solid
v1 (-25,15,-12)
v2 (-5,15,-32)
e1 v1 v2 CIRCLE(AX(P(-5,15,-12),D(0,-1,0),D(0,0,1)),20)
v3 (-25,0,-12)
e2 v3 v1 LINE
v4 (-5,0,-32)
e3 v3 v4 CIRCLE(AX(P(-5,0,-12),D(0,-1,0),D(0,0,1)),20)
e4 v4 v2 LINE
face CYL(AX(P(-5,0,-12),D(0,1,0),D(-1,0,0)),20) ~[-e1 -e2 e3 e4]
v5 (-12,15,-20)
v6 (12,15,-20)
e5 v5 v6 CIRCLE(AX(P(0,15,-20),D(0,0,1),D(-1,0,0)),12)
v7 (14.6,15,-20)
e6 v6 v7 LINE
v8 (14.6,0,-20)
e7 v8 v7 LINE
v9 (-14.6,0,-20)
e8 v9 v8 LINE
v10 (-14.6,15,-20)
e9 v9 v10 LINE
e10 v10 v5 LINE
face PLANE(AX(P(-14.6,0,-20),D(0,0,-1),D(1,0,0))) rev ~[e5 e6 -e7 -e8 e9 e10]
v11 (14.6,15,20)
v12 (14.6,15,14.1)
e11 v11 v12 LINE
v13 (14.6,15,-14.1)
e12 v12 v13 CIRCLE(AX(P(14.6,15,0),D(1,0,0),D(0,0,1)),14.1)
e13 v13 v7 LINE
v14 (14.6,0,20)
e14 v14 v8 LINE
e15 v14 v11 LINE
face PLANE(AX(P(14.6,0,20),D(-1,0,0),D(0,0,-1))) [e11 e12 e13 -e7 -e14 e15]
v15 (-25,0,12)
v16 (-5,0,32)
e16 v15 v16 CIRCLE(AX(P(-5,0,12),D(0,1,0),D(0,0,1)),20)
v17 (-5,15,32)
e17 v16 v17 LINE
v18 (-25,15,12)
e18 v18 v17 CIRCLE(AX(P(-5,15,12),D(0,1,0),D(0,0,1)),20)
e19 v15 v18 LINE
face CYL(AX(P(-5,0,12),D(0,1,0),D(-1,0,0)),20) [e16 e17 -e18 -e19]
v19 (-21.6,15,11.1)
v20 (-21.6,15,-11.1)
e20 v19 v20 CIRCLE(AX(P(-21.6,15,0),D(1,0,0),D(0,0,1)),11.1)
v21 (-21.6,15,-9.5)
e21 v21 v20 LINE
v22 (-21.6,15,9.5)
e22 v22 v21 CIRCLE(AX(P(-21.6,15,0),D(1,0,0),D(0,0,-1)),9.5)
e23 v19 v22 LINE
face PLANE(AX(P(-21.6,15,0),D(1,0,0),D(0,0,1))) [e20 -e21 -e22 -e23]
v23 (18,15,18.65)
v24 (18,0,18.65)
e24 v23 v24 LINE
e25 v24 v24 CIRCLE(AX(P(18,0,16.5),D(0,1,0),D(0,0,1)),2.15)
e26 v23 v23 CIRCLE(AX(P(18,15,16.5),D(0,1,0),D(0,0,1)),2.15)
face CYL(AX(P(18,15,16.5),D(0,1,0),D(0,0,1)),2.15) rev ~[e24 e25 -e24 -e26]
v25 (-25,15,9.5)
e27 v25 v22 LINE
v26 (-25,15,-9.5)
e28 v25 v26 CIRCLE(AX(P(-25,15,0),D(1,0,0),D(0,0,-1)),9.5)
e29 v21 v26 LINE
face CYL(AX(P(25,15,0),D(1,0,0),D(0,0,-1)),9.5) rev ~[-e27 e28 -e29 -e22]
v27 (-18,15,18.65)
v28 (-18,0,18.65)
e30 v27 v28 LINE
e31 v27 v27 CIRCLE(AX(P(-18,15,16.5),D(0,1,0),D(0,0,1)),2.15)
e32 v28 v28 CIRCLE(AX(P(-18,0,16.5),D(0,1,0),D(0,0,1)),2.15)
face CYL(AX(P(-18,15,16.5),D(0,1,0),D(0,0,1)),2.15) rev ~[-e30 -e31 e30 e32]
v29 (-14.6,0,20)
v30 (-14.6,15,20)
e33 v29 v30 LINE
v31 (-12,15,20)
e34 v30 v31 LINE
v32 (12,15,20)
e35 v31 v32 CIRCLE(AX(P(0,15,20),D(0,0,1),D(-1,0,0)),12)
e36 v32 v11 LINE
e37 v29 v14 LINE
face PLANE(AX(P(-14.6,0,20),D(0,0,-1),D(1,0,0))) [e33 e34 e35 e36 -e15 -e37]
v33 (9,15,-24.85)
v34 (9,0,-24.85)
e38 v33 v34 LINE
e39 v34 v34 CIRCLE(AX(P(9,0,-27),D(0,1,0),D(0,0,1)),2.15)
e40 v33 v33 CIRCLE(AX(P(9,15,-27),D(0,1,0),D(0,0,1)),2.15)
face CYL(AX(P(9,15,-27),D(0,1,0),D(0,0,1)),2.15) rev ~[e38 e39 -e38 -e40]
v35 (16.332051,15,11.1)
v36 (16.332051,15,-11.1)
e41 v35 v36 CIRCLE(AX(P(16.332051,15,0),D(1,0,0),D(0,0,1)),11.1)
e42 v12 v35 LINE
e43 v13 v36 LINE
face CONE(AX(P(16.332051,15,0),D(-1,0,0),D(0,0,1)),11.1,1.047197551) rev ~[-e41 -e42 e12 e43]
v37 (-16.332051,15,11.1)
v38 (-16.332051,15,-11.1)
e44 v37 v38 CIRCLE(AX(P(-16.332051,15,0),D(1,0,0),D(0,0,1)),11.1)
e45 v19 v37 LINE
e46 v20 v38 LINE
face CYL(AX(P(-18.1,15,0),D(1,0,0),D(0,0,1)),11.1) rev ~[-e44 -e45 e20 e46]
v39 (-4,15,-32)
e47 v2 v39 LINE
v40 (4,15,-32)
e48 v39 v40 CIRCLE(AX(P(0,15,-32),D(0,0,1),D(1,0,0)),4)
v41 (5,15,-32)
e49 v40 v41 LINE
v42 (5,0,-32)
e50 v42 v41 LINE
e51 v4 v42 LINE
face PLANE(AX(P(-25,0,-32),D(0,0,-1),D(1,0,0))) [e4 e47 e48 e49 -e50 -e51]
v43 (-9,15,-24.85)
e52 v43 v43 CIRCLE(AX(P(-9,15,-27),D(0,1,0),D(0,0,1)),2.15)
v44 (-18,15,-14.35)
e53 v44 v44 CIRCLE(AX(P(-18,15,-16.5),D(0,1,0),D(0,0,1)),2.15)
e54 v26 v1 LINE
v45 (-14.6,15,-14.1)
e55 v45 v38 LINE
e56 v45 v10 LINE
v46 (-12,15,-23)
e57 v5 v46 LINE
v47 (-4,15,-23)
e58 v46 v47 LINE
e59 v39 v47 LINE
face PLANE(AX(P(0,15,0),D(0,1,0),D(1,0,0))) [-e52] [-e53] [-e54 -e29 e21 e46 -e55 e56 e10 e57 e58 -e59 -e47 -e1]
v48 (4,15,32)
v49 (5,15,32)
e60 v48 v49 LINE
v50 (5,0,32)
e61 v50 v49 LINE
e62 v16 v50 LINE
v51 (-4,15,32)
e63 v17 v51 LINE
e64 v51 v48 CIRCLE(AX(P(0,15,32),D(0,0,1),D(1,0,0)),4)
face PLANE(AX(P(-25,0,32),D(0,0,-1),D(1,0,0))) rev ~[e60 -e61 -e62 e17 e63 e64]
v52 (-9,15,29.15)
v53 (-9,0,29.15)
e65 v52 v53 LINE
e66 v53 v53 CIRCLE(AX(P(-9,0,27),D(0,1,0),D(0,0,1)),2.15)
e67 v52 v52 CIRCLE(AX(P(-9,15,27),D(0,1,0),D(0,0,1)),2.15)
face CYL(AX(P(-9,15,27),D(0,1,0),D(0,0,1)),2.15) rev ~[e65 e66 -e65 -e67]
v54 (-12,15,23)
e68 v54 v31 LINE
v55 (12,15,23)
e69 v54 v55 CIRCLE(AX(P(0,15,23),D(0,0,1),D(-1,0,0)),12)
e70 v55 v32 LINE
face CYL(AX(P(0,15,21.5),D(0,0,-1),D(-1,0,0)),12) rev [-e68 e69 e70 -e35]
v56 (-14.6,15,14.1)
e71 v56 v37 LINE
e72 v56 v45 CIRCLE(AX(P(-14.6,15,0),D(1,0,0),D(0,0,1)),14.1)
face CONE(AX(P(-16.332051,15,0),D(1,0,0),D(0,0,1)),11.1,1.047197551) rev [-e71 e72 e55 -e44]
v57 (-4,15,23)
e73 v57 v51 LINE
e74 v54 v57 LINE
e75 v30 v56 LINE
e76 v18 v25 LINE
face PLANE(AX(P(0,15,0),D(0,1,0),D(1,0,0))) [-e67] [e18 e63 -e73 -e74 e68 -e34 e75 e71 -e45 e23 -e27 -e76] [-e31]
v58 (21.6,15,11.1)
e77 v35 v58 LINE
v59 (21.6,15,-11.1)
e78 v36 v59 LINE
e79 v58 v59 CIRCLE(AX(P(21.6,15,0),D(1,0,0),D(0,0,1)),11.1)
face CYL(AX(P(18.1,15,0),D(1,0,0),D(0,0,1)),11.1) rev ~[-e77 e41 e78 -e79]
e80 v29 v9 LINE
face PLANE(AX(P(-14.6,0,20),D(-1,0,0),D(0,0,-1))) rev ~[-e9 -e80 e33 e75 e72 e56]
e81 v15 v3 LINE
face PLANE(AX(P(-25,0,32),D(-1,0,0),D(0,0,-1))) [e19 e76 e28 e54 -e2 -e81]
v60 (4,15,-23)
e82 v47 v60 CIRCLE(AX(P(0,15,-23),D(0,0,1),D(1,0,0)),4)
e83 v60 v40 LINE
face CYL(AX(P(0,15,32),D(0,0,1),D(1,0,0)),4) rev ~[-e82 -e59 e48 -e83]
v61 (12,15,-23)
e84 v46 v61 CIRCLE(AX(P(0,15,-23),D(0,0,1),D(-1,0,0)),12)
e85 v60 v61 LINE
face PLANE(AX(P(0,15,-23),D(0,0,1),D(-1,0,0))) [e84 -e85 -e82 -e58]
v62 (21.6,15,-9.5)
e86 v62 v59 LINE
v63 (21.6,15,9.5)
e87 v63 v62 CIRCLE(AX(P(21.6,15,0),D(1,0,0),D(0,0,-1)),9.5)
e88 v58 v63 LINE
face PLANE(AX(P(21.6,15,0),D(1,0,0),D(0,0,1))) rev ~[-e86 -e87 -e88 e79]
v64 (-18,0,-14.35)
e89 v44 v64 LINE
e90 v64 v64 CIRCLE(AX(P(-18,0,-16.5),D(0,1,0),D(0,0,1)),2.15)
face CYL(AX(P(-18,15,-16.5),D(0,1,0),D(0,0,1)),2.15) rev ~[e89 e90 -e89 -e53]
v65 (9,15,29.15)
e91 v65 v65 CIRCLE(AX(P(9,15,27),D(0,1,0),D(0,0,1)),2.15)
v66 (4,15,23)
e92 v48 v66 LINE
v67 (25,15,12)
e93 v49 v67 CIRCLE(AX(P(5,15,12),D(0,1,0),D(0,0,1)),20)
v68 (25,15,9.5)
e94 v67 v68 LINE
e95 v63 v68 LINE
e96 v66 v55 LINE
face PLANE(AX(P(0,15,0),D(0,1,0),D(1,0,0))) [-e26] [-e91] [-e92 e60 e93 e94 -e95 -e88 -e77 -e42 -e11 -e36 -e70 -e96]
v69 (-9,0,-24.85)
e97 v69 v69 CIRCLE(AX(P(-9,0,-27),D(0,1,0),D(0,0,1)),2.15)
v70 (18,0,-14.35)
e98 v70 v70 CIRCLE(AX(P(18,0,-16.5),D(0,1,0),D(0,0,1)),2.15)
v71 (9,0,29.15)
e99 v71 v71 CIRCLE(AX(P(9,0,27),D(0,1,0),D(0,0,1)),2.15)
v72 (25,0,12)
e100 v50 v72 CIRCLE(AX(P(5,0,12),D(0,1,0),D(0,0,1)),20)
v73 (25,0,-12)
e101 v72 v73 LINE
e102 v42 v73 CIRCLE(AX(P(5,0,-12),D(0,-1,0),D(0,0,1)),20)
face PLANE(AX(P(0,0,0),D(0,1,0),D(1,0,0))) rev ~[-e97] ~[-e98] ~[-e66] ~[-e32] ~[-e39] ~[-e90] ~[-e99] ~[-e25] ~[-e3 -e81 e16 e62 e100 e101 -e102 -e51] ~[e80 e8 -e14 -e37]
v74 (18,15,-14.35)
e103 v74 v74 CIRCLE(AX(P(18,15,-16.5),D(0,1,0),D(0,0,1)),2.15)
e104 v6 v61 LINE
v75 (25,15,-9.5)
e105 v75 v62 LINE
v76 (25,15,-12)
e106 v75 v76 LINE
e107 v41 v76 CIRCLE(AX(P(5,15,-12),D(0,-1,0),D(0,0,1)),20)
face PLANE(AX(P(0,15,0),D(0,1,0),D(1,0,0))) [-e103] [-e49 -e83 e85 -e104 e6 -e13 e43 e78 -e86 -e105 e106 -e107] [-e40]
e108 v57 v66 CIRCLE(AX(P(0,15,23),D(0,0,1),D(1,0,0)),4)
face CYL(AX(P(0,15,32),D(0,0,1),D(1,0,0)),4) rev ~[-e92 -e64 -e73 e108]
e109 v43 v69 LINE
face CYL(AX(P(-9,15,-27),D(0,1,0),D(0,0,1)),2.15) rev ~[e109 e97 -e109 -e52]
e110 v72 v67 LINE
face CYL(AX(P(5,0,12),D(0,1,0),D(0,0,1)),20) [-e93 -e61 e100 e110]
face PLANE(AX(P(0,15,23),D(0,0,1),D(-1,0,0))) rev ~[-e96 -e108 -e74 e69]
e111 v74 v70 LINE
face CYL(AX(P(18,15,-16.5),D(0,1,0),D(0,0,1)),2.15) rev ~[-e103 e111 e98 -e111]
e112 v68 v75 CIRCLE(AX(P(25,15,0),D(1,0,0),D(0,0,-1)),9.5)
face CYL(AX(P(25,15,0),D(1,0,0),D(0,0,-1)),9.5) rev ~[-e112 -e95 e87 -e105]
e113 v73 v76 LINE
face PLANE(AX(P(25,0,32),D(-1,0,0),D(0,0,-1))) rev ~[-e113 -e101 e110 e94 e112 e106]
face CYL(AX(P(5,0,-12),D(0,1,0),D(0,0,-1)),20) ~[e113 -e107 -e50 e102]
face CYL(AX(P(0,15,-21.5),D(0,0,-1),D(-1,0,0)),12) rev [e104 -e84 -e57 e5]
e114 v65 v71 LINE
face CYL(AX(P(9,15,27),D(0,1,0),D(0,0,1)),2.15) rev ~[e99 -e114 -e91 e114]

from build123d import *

# Parameters (mm, degrees)
SKETCH1_W             = 50
SKETCH1_H             = 64
SKETCH1_W_2           = 29.2
SKETCH1_H_2           = 40
BOSS_EXTRUDE1_DEPTH   = 15
SKETCH3_W             = 7
SKETCH3_H             = 11.1
SKETCH4_R             = 9.5
CUT_EXTRUDE2_DEPTH    = 51
SKETCH5_R             = 4
CUT_EXTRUDE3_DEPTH    = 65
SKETCH8_R             = 2.15
CUT_EXTRUDE6_DEPTH    = 16
FILLET1_R             = 20
CHAMFER1_SIZE         = 3
CHAMFER1_SIZE2        = 1.732050808
CHAMFER1_PART_2_SIZE  = 3
CHAMFER1_PART_2_SIZE2 = 1.732050808
SKETCH9_W             = 12
SKETCH9_H             = 3


with BuildPart() as part:
    # Sketch1 → Boss-Extrude1 (new body)
    with BuildSketch(Plane(origin=(0, 0, 0), x_dir=(1, 0, 0), z_dir=(0, 1, 0))):
        Rectangle(SKETCH1_W, SKETCH1_H)
        Rectangle(SKETCH1_W_2, SKETCH1_H_2, mode=Mode.SUBTRACT)
    extrude(amount=BOSS_EXTRUDE1_DEPTH)

    # Sketch3 → Cut-Revolve1 (revolve, cut)
    with BuildSketch(Plane(origin=(0, 15, 0), x_dir=(1, 0, 0), z_dir=(0, 1, 0))):
        with Locations((18.1, -5.55)):
            Rectangle(SKETCH3_W, SKETCH3_H)
        with Locations((-18.1, -5.55)):
            Rectangle(SKETCH3_W, SKETCH3_H)
    revolve(axis=Axis((14.6, 15, 0), (1, 0, 0)), mode=Mode.SUBTRACT)

    # Sketch4 → Cut-Extrude2 (cut, through all)
    with BuildSketch(Plane(origin=(25, 0, 0), x_dir=(0, 0, -1), z_dir=(1, 0, 0))):
        with Locations((0, 15)):
            Circle(SKETCH4_R)
    extrude(amount=-CUT_EXTRUDE2_DEPTH, mode=Mode.SUBTRACT)

    # Sketch5 → Cut-Extrude3 (cut, through all)
    with BuildSketch(Plane.XY.offset(32)):
        with Locations((0, 15)):
            Circle(SKETCH5_R)
    extrude(amount=-CUT_EXTRUDE3_DEPTH, mode=Mode.SUBTRACT)

    # Sketch8 → Cut-Extrude6 (cut, through all)
    with BuildSketch(Plane(origin=(0, 15, 0), x_dir=(1, 0, 0), z_dir=(0, 1, 0))):
        with Locations(Location((18, 16.5, 0), (0, 0, 270))):  # turned: the seam where the file's is
            Circle(SKETCH8_R)
        with Locations(Location((18, -16.5, 0), (0, 0, 270))):  # turned: the seam where the file's is
            Circle(SKETCH8_R)
        with Locations(Location((-18, -16.5, 0), (0, 0, 270))):  # turned: the seam where the file's is
            Circle(SKETCH8_R)
        with Locations(Location((-18, 16.5, 0), (0, 0, 270))):  # turned: the seam where the file's is
            Circle(SKETCH8_R)
        with Locations(Location((9, -27, 0), (0, 0, 270))):  # turned: the seam where the file's is
            Circle(SKETCH8_R)
        with Locations(Location((-9, -27, 0), (0, 0, 270))):  # turned: the seam where the file's is
            Circle(SKETCH8_R)
        with Locations(Location((-9, 27, 0), (0, 0, 270))):  # turned: the seam where the file's is
            Circle(SKETCH8_R)
        with Locations(Location((9, 27, 0), (0, 0, 270))):  # turned: the seam where the file's is
            Circle(SKETCH8_R)
    extrude(amount=-CUT_EXTRUDE6_DEPTH, mode=Mode.SUBTRACT)

    # Fillet1
    fillet1_edges = [part.edges().sort_by_distance(p)[0] for p in [
        (-25, 7.5, -32),
        (25, 7.5, -32),
        (25, 7.5, 32),
        (-25, 7.5, 32),
    ]]
    fillet(fillet1_edges, radius=FILLET1_R)

    # Chamfer1
    chamfer1_edges = [part.edges().sort_by_distance(p)[0] for p in [
        (14.6, 3.9, 0),
    ]]
    chamfer1_side = [part.faces().sort_by_distance(p)[0] for p in [
        (14.6, 0.427200187, 0),
    ]]
    chamfer(chamfer1_edges, length=CHAMFER1_SIZE, length2=CHAMFER1_SIZE2, reference=chamfer1_side[0])

    # Chamfer1 part 2
    chamfer1_part_2_edges = [part.edges().sort_by_distance(p)[0] for p in [
        (-14.6, 3.9, 0),
    ]]
    chamfer1_part_2_side = [part.faces().sort_by_distance(p)[0] for p in [
        (-14.6, 0.427200187, 0),
    ]]
    chamfer(chamfer1_part_2_edges, length=CHAMFER1_PART_2_SIZE, length2=CHAMFER1_PART_2_SIZE2, reference=chamfer1_part_2_side[0])

    # Sketch9 → Cut-Revolve2 (revolve, cut)
    with BuildSketch(Plane(origin=(0, 15, 0), x_dir=(1, 0, 0), z_dir=(0, 1, 0))):
        with Locations((-6, -21.5)):
            Rectangle(SKETCH9_W, SKETCH9_H)
        with Locations((-6, 21.5)):
            Rectangle(SKETCH9_W, SKETCH9_H)
    revolve(axis=Axis((0, 15, -29.871415895), (0, 0, 1)), mode=Mode.SUBTRACT)


solid = part.part
